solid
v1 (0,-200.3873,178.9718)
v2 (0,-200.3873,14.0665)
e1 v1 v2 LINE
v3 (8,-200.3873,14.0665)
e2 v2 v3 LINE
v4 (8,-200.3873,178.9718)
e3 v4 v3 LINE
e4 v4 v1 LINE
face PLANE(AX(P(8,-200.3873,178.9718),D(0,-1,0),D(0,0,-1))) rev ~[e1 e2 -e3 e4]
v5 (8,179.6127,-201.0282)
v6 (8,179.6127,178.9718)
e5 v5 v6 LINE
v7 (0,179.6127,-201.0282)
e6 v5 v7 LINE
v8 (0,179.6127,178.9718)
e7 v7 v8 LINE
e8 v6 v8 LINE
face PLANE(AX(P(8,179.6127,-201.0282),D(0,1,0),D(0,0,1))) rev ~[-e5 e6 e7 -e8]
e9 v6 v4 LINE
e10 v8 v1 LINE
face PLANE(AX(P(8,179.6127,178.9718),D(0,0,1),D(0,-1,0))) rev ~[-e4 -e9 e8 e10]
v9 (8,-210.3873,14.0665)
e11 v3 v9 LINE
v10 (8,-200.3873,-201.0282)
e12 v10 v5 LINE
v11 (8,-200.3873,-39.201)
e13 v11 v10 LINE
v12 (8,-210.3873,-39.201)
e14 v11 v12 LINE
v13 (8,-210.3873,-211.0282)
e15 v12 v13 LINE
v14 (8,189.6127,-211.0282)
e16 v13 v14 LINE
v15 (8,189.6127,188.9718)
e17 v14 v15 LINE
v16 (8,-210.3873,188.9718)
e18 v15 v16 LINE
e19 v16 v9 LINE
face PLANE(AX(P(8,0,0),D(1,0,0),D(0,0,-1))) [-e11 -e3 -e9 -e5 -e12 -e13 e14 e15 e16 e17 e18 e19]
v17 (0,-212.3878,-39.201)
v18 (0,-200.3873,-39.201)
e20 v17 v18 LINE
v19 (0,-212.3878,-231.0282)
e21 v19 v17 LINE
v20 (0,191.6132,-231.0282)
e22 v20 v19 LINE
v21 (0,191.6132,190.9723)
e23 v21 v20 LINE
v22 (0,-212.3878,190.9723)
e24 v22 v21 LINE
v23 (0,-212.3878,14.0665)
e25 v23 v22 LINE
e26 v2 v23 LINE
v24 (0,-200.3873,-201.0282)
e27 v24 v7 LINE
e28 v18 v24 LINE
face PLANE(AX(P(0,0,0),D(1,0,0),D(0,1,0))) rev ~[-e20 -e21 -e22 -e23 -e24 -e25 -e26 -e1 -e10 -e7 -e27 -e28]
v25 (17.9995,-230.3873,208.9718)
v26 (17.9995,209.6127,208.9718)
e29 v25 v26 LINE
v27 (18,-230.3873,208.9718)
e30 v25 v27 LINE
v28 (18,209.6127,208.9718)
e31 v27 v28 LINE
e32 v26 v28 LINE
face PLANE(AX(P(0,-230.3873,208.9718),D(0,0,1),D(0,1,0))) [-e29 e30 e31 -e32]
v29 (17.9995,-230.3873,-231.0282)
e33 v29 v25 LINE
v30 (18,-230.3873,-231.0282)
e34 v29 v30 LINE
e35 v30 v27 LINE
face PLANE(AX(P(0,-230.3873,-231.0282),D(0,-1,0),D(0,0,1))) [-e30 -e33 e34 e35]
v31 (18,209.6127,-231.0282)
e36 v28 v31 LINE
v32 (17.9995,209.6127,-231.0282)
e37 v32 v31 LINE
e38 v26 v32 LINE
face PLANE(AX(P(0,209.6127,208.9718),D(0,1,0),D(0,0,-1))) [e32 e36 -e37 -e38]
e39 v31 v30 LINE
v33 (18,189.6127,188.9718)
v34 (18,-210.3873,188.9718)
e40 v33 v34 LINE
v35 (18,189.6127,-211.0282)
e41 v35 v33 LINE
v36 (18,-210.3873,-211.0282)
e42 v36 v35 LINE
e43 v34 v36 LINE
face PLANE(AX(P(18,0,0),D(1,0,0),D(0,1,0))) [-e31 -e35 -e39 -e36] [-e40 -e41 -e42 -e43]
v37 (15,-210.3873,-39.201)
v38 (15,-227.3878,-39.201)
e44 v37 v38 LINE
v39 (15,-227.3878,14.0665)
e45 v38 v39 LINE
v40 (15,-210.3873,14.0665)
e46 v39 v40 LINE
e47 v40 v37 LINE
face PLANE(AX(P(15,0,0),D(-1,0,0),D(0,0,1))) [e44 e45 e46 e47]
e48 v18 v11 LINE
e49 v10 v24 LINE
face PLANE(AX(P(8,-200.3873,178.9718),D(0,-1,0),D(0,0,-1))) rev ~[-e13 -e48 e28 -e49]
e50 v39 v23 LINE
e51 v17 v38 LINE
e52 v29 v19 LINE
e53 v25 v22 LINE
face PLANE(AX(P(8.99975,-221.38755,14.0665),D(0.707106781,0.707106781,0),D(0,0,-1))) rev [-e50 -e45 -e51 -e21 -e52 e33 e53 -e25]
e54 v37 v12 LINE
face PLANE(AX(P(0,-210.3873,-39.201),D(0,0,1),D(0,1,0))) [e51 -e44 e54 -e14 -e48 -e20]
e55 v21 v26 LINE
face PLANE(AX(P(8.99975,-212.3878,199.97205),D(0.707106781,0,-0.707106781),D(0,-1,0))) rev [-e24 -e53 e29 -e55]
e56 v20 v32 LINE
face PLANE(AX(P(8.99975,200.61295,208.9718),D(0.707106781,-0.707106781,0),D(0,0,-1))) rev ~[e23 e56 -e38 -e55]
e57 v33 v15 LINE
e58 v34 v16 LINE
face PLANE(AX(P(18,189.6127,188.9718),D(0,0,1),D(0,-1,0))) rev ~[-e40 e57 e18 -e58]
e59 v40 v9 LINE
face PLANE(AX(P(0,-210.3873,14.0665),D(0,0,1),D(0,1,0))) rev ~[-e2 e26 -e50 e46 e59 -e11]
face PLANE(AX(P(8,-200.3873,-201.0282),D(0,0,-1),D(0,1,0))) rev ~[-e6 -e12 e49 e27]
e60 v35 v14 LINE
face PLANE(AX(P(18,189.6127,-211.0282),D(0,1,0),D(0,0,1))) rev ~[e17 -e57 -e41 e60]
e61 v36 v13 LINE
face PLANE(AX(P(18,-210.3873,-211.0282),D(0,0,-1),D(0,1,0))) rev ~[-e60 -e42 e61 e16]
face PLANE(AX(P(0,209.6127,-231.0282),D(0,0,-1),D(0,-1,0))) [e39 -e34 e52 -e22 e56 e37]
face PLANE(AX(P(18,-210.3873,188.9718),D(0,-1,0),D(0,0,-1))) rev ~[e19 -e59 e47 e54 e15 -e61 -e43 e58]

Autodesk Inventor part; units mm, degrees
ref_plane "YZ Plane" through (0, 0, 0) normal (1, 0, 0) x (0, 1, 0)
ref_plane "XZ Plane" through (0, 0, 0) normal (0, 1, 0) x (-1, 0, 0)
ref_plane "XY Plane" through (0, 0, 0) normal (0, 0, 1) x (1, 0, 0)
sketch "Skizze1" plane through (0, 0, 0) normal (1, 0, 0) x (0, 1, 0)
  line L0 (-230.3873, 208.9718) -> (209.6127, 208.9718)
  line L1 (209.6127, 208.9718) -> (209.6127, -231.0282)
  line L2 (209.6127, -231.0282) -> (-230.3873, -231.0282)
  line L3 (-230.3873, -231.0282) -> (-230.3873, 208.9718)
  point P0 (0, 0)
  dimension "d0" = 440
  dimension "d1" = 440
extrude "Extrusion1" add sketch "Skizze1" along normal blind 18
sketch "Skizze2" plane through (18, 0, 0) normal (1, 0, 0) x (0, 0, -1)
  line L0 (-208.9718, 209.6127) -> (-208.9718, -230.3873) projected
  line L1 (-208.9718, -230.3873) -> (231.0282, -230.3873) projected
  line L2 (231.0282, -230.3873) -> (231.0282, 209.6127) projected
  line L3 (231.0282, 209.6127) -> (-208.9718, 209.6127) projected
  line L4 (-188.9718, -210.3873) -> (211.0282, -210.3873)
  line L5 (211.0282, -210.3873) -> (211.0282, 189.6127)
  line L6 (211.0282, 189.6127) -> (-188.9718, 189.6127)
  line L7 (-188.9718, 189.6127) -> (-188.9718, -210.3873)
  point P0 (0, 0)
  dimension "d4" = 20
  dimension "d5" = 20
  dimension "d6" = 20
  dimension "d7" = 20
extrude "Extrusion2" cut sketch "Skizze2" against normal blind 10 contours L7 L6 L5 L4
sketch "Skizze3" plane through (8, 0, 0) normal (1, 0, 0) x (0, 0, -1)
  line L0 (211.0282, -210.3873) -> (-188.9718, -210.3873) projected
  line L1 (211.0282, 189.6127) -> (211.0282, -210.3873) projected
  line L2 (-188.9718, 189.6127) -> (211.0282, 189.6127) projected
  line L3 (-188.9718, -210.3873) -> (-188.9718, 189.6127) projected
  line L4 (-178.9718, -200.3873) -> (201.0282, -200.3873)
  line L5 (201.0282, -200.3873) -> (201.0282, 179.6127)
  line L6 (201.0282, 179.6127) -> (-178.9718, 179.6127)
  line L7 (-178.9718, 179.6127) -> (-178.9718, -200.3873)
  point P0 (0, 0)
  dimension "d10" = 10
  dimension "d11" = 10
  dimension "d12" = 10
  dimension "d13" = 10
extrude "Extrusion3" cut sketch "Skizze3" against normal blind 8 contours L7 L6 L5 L4
sketch "Skizze6" plane through (0, 0, 0) normal (-1, 0, 0) x (0, 0, 1)
  line L0 (-201.0282, -200.3873) -> (-201.0282, 179.6127) projected
  line L1 (-201.0282, 179.6127) -> (178.9718, 179.6127) projected
  line L2 (178.9718, 179.6127) -> (178.9718, -200.3873) projected
  line L3 (178.9718, -200.3873) -> (-201.0282, -200.3873) projected
  line L4 (208.9718, -230.3873) -> (208.9718, 209.6127) projected
  line L5 (208.9718, 209.6127) -> (-231.0282, 209.6127) projected
  line L6 (-231.0282, 209.6127) -> (-231.0282, -230.3873) projected
  line L7 (-231.0282, -230.3873) -> (208.9718, -230.3873) projected
  line L8 (6.4718, -214.3873) -> (6.4718, -223.3873) projected
  line L9 (10.9718, -214.3873) -> (6.4718, -214.3873) projected
  line L10 (6.4718, -223.3873) -> (1.9718, -223.3873) projected
  line L11 (1.9718, -210.3873) -> (1.9718, -223.3873) projected
  line L12 (10.9718, -210.3873) -> (10.9718, -214.3873) projected
  line L13 (-211.0282, -210.3873) -> (188.9718, -210.3873) projected
  line L14 (-0.0282, -210.3873) -> (-0.0282, -223.3873) projected
  line L15 (-9.0282, -210.3873) -> (-9.0282, -214.3873) projected
  line L16 (-4.5282, -214.3873) -> (-9.0282, -214.3873) projected
  line L17 (-4.5282, -214.3873) -> (-4.5282, -223.3873) projected
  line L18 (-0.0282, -223.3873) -> (-4.5282, -223.3873) projected
  line L19 (-16.0282, -210.3873) -> (-16.0282, -214.3873) projected
  line L20 (-16.0282, -214.3873) -> (-20.5282, -214.3873) projected
  line L21 (-20.5282, -214.3873) -> (-20.5282, -223.3873) projected
  line L22 (-20.5282, -223.3873) -> (-25.0282, -223.3873) projected
  line L23 (-25.0282, -210.3873) -> (-25.0282, -223.3873) projected
  line L24 (-27.0282, -210.3873) -> (-27.0282, -223.3873) projected
  line L25 (-27.0282, -223.3873) -> (-31.5282, -223.3873) projected
  line L26 (-31.5282, -214.3873) -> (-31.5282, -223.3873) projected
  line L27 (-31.5282, -214.3873) -> (-36.0282, -214.3873) projected
  line L28 (-36.0282, -210.3873) -> (-36.0282, -214.3873) projected
  line L29 (-231.0282, -230.3873) -> (208.9718, -230.3873) projected
  line L30 (14.0665, -230.3873) -> (14.0665, -200.3873)
  line L31 (-39.201, -230.3873) -> (-39.201, -200.3873)
  point P0 (0, 0)
extrude "Extrusion4" cut sketch "Skizze6" against normal blind 15 contours L3 L30 L13 L31 | L13 L28 L27 L26 L25 L24 L23 L22 L21 L20 L19 L15 L16 L17 L18 L14 L11 L10 L8 L9 L12 L30 L7 L31 | L13 L24 L25 L26 L27 L28 | L12 L9 L8 L10 L11 L13 | L13 L19 L20 L21 L22 L23 | L14 L18 L17 L16 L15 L13
chamfer "Fase1" distance 18 angle 45 1 edges at (0, -230.3873, 111.5191)
chamfer "Fase2" distance 18 angle 45 2 edges at (0, 209.6127, -11.0282) (0, -1.3876, 208.9718)
properties part number "PV_Rahmen_CPY"
